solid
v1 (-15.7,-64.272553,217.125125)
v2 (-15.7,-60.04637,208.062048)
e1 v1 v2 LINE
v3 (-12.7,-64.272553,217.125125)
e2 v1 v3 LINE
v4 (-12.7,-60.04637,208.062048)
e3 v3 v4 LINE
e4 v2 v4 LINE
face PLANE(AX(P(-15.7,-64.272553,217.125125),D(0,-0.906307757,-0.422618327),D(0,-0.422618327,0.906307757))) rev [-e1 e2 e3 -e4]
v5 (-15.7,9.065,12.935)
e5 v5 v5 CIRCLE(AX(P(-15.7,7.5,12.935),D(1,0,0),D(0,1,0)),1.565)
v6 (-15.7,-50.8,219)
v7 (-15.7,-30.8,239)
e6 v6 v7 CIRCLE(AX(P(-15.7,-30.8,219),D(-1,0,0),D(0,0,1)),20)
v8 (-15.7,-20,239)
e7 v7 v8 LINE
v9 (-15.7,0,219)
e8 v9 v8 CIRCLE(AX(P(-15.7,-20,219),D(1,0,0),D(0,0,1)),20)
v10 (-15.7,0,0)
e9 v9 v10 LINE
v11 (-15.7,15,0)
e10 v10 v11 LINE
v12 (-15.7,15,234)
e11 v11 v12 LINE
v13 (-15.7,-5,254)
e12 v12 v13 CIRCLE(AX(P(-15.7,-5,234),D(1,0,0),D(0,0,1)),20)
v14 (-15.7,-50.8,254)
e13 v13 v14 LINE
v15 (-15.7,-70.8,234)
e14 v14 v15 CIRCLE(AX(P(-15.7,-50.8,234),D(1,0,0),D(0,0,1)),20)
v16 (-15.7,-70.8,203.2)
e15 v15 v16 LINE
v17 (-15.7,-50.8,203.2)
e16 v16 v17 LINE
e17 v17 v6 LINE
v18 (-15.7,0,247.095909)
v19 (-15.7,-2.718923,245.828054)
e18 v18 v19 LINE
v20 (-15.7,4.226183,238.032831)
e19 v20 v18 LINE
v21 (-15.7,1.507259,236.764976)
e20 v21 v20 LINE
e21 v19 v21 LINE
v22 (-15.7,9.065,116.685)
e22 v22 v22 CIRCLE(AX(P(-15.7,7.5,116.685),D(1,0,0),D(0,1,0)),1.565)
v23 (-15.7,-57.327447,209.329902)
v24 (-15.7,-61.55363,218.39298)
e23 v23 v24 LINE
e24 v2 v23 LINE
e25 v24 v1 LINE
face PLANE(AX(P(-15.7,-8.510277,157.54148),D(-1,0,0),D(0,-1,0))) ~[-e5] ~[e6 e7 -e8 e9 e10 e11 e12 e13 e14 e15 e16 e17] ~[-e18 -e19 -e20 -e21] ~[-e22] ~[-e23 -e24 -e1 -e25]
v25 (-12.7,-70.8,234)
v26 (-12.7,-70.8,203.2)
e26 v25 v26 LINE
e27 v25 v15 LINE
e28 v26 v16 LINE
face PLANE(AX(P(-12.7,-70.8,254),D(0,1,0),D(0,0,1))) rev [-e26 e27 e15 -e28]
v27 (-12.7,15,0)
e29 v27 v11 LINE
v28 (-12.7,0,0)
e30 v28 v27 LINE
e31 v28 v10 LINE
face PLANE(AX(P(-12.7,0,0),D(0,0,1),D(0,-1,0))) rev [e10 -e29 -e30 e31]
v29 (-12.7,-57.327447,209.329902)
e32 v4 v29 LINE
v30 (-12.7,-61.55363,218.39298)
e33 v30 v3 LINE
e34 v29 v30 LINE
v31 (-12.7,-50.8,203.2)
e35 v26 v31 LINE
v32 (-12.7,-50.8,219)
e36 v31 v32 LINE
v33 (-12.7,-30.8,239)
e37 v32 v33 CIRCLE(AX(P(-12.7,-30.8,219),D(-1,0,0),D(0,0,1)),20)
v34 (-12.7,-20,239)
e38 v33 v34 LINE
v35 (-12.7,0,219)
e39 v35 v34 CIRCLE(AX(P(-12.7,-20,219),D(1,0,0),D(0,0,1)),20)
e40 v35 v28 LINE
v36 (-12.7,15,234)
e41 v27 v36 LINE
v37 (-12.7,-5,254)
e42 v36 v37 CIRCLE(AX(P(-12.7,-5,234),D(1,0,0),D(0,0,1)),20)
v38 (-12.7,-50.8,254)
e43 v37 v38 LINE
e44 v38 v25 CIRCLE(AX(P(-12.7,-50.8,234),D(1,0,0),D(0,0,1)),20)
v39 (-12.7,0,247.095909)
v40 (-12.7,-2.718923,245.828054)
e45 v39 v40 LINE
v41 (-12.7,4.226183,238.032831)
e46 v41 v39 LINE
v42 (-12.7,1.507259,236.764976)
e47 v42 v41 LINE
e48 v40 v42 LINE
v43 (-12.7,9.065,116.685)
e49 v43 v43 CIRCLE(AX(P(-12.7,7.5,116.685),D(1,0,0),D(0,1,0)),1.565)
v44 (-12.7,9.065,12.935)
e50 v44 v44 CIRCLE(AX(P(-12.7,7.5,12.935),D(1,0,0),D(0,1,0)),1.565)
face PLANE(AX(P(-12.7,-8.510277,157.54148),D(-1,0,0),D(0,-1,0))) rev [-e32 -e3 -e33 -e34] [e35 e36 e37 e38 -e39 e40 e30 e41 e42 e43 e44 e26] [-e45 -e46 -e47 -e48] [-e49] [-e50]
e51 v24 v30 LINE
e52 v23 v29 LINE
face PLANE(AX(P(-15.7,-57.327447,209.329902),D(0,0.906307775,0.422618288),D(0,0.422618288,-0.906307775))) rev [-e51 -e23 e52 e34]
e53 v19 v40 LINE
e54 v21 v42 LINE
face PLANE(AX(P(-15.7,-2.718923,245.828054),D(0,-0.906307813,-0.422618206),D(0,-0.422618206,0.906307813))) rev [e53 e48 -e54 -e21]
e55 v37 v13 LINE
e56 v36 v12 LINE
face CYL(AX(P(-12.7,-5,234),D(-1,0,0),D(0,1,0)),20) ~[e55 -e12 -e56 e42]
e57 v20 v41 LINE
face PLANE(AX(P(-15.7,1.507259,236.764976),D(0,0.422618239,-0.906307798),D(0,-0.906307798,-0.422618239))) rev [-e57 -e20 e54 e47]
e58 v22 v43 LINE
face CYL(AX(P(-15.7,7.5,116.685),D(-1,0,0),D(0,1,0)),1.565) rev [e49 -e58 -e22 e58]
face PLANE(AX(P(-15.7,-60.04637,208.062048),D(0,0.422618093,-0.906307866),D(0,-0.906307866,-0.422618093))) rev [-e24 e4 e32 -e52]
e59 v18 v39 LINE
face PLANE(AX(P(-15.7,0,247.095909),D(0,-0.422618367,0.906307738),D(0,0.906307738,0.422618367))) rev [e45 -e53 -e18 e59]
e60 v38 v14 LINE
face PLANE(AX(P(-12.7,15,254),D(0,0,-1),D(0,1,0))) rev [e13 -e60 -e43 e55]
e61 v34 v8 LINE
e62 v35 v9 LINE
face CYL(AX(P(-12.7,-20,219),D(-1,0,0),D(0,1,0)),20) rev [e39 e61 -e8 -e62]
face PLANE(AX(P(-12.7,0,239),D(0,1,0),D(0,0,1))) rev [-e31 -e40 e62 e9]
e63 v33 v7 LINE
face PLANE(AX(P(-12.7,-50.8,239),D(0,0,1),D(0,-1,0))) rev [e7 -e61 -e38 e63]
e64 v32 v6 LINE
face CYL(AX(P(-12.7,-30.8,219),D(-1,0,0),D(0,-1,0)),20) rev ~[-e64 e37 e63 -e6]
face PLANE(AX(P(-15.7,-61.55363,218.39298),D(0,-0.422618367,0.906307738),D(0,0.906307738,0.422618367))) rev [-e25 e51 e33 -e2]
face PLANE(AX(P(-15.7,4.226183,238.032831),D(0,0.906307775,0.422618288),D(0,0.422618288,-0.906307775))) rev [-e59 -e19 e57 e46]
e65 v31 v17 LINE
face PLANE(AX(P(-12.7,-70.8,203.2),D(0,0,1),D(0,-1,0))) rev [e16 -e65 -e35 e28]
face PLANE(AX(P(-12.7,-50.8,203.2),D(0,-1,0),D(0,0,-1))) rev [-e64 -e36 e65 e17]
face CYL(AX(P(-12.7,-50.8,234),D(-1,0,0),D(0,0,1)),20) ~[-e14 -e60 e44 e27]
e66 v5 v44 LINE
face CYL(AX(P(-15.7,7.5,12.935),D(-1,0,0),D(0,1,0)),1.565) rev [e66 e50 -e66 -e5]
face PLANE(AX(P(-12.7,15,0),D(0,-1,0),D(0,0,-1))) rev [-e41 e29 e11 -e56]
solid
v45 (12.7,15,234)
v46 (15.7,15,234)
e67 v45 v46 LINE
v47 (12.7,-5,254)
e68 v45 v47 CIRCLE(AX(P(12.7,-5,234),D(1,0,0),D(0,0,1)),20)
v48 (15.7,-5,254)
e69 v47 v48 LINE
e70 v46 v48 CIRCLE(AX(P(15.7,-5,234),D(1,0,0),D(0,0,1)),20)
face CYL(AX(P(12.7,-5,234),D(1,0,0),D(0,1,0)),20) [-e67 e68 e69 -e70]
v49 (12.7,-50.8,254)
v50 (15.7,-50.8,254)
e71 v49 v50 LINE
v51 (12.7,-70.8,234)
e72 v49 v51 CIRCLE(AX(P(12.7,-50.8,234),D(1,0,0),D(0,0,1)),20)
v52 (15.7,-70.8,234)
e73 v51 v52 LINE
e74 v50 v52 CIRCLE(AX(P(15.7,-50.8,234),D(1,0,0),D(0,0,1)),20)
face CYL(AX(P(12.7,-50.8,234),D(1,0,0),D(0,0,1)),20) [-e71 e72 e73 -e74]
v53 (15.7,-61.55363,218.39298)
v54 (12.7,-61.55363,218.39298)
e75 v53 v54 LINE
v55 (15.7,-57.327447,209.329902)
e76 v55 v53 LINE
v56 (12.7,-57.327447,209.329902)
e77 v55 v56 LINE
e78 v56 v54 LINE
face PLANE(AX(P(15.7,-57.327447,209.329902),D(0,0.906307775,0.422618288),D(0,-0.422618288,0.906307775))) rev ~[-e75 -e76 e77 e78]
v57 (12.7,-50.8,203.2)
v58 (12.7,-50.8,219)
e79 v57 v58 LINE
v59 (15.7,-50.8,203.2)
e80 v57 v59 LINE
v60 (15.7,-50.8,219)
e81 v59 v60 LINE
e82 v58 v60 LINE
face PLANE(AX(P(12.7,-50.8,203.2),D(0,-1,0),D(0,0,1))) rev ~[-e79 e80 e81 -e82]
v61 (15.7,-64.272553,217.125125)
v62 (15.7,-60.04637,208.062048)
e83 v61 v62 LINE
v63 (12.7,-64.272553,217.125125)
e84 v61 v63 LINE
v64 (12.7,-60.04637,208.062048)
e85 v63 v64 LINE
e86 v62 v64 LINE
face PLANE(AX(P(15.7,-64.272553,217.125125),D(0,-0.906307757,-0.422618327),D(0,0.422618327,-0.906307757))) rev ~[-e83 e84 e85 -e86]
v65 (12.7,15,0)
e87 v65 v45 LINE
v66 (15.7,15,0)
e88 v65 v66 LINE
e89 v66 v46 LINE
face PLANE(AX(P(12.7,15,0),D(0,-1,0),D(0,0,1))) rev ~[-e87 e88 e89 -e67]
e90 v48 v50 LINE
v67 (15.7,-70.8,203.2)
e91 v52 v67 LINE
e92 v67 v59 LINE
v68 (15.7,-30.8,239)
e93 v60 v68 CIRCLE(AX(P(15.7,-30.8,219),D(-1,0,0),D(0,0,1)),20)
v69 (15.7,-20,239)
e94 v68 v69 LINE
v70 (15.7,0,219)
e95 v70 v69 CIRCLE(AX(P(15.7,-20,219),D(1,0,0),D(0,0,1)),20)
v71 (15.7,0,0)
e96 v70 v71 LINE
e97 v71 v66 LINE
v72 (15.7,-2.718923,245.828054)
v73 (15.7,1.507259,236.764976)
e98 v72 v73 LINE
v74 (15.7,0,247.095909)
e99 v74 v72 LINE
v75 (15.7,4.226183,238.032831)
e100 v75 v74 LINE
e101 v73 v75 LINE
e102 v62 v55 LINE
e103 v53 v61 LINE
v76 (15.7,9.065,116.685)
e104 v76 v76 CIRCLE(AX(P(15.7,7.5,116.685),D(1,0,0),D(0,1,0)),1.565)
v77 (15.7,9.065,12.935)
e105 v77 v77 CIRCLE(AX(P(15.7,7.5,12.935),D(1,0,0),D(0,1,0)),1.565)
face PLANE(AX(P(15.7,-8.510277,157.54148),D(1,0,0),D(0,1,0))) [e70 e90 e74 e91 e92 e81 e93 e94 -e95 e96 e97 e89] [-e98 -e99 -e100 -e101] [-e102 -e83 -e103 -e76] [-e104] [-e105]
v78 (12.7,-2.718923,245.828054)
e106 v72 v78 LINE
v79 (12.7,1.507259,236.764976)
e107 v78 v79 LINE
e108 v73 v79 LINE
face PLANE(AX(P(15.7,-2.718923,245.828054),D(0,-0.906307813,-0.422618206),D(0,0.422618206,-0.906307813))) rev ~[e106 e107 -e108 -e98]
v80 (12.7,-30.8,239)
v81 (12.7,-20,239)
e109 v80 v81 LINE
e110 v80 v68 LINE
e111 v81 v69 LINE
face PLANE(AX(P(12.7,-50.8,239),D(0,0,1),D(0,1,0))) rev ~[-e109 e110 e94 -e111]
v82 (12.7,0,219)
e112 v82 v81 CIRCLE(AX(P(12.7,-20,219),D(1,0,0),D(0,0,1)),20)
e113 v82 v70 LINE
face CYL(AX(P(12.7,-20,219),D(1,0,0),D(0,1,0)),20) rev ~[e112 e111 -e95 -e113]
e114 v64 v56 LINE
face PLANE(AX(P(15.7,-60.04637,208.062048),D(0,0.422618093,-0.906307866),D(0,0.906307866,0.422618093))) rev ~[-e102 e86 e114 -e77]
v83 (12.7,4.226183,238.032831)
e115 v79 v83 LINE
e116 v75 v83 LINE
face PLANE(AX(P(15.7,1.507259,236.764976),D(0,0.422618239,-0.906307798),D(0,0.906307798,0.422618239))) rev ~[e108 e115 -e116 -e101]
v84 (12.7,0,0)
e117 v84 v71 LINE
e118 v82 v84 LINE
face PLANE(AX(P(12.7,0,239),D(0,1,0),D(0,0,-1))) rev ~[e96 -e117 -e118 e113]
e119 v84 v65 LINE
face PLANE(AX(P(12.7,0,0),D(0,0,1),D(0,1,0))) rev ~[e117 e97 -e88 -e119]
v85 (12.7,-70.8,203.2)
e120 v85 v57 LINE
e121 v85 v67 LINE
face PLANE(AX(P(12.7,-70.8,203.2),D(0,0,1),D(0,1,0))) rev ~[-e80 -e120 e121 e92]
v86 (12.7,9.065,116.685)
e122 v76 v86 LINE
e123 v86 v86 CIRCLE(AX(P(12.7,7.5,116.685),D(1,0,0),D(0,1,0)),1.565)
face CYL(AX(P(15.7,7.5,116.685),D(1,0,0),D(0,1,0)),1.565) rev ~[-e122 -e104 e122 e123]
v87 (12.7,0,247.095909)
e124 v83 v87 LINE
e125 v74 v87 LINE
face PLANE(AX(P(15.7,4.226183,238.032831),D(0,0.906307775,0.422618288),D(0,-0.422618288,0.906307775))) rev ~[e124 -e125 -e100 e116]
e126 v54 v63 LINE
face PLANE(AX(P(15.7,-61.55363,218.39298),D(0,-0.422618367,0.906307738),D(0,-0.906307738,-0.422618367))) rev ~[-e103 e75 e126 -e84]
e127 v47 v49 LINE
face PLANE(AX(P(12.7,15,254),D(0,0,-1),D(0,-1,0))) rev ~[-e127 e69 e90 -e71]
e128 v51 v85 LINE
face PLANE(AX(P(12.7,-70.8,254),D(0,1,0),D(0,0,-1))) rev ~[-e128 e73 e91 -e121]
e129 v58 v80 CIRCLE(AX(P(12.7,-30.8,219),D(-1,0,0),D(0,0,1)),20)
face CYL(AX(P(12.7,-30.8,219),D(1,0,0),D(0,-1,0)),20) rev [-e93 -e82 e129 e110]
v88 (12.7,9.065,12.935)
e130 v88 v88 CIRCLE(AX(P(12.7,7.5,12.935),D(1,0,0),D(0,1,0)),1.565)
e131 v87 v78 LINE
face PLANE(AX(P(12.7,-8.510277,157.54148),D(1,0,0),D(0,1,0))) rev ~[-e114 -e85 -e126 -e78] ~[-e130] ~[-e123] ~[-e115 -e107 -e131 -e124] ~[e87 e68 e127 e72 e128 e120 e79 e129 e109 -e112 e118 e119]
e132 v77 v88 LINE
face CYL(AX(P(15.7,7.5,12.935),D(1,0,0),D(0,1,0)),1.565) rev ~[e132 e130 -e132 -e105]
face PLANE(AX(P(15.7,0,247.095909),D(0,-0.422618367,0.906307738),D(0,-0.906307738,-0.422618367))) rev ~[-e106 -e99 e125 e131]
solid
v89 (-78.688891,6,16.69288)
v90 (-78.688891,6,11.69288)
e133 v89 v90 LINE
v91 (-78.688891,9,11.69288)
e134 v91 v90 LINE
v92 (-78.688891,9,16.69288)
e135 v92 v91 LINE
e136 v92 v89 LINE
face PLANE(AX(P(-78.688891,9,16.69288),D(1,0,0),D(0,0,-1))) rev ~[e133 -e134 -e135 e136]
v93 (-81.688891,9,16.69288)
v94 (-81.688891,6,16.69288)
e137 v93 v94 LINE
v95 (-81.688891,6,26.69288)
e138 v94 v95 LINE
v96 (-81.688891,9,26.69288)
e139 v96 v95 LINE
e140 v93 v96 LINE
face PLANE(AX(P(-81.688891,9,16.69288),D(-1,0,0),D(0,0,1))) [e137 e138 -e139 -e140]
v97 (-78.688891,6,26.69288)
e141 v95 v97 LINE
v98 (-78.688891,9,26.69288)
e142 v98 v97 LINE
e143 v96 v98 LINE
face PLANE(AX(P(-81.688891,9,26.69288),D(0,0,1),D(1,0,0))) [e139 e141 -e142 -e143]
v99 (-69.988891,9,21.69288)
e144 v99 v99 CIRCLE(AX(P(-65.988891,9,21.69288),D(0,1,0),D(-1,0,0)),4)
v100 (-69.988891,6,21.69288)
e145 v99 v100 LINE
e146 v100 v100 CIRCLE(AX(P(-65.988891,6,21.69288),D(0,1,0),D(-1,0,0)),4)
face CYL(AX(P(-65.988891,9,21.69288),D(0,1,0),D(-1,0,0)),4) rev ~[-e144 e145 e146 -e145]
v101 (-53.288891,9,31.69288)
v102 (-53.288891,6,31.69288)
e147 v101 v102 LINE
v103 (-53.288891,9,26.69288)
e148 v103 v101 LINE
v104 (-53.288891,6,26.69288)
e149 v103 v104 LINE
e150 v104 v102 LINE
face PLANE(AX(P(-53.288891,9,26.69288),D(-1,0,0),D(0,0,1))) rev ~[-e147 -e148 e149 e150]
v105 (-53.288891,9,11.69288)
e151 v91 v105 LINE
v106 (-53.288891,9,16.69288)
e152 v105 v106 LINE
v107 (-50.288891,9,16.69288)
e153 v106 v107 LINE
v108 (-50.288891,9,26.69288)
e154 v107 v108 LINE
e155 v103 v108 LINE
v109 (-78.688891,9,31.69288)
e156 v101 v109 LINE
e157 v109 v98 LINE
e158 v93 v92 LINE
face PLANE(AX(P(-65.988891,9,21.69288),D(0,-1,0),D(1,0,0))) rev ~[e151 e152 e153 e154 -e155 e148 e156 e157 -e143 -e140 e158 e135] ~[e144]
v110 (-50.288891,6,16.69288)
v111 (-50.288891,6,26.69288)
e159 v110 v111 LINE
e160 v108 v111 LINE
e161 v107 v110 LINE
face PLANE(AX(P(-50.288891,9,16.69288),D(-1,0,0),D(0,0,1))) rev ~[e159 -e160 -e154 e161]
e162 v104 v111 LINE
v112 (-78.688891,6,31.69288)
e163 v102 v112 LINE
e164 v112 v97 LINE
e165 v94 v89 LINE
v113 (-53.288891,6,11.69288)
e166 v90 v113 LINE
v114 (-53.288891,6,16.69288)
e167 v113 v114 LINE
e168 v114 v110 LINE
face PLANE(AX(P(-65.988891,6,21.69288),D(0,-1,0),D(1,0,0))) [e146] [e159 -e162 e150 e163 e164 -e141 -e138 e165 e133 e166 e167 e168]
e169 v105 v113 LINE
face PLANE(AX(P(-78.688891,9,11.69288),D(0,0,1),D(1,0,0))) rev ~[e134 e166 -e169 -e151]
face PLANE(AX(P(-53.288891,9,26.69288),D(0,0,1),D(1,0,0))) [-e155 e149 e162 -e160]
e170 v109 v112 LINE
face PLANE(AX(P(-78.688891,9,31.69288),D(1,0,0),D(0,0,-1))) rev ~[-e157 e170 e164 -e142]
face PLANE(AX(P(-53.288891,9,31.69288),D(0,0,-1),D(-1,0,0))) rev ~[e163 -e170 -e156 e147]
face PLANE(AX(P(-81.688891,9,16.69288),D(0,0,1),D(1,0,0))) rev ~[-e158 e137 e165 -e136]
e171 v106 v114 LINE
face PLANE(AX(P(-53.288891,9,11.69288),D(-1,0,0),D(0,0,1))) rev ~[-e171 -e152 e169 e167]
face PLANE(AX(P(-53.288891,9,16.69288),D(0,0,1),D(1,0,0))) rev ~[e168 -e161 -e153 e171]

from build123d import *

# Parameters (mm, degrees)
F2_DEPTH  = 3
F3_R      = 20
F4_R      = 1.565
F5_DEPTH  = 25
F7_DEPTH  = 25
F10_W     = 3
F10_H     = 10
F11_DEPTH = 3
F12_R     = 4
F13_DEPTH = 25


with BuildPart() as f2:
    # F1 (on offset) → F2 (new body)
    with BuildSketch(Plane.YZ.offset(12.7)):
        Polygon((0, 239), (0, 0), (15, 0), (15, 254), (-70.8, 254), (-70.8, 203.2), (-50.8, 203.2), (-50.8, 239), align=None)
    extrude(amount=F2_DEPTH)

    # F3
    f3_edges = [f2.edges().sort_by_distance(p)[0] for p in [
        (14.2, -70.8, 254),
        (14.2, 15, 254),
        (14.2, -50.8, 239),
        (14.2, 0, 239),
    ]]
    fillet(f3_edges, radius=F3_R)

    # F4 (on face) → F5 (cut)
    with BuildSketch(Plane.YZ.offset(15.7)):
        with Locations((7.5, 12.935)):
            Circle(F4_R)
        with Locations((7.5, 116.685)):
            Circle(F4_R)
    extrude(amount=-F5_DEPTH, mode=Mode.SUBTRACT)

    # F6 (on face) → F7 (cut)
    with BuildSketch(Plane.YZ.offset(15.7)):
        Polygon((0, 247.095909), (-2.718923, 245.828054), (1.507259, 236.764976), (4.226183, 238.032831), align=None)
        Polygon((-61.55363, 218.39298), (-64.272553, 217.125125), (-60.04637, 208.062048), (-57.327447, 209.329902), align=None)
    extrude(amount=-F7_DEPTH, mode=Mode.SUBTRACT)


with BuildPart() as f8_1:
    # F8: instance of F2
    add(f2.part.mirror(Plane.YZ))


with BuildPart() as f11:
    # F10 (on offset) → F11 (new body)
    with BuildSketch(Plane.XZ.offset(-9)):
        Polygon((-53.288891, 26.69288), (-53.288891, 31.69288), (-78.688891, 31.69288), (-78.688891, 26.69288), (-78.688891, 16.69288), (-78.688891, 11.69288), (-53.288891, 11.69288), (-53.288891, 16.69288), align=None)
        with Locations((-51.788891, 21.69288)):
            Rectangle(F10_W, F10_H)
        with Locations((-80.188891, 21.69288)):
            Rectangle(F10_W, F10_H)
    extrude(amount=F11_DEPTH)

    # F12 (on face) → F13 (cut)
    with BuildSketch(Plane(origin=(0, 9, 0), x_dir=(-1, 0, 0), z_dir=(0, 1, 0))):
        with Locations((65.988891, 21.69288)):
            Circle(F12_R)
    extrude(amount=-F13_DEPTH, mode=Mode.SUBTRACT)


solid = Compound([f2.part, f8_1.part, f11.part])
